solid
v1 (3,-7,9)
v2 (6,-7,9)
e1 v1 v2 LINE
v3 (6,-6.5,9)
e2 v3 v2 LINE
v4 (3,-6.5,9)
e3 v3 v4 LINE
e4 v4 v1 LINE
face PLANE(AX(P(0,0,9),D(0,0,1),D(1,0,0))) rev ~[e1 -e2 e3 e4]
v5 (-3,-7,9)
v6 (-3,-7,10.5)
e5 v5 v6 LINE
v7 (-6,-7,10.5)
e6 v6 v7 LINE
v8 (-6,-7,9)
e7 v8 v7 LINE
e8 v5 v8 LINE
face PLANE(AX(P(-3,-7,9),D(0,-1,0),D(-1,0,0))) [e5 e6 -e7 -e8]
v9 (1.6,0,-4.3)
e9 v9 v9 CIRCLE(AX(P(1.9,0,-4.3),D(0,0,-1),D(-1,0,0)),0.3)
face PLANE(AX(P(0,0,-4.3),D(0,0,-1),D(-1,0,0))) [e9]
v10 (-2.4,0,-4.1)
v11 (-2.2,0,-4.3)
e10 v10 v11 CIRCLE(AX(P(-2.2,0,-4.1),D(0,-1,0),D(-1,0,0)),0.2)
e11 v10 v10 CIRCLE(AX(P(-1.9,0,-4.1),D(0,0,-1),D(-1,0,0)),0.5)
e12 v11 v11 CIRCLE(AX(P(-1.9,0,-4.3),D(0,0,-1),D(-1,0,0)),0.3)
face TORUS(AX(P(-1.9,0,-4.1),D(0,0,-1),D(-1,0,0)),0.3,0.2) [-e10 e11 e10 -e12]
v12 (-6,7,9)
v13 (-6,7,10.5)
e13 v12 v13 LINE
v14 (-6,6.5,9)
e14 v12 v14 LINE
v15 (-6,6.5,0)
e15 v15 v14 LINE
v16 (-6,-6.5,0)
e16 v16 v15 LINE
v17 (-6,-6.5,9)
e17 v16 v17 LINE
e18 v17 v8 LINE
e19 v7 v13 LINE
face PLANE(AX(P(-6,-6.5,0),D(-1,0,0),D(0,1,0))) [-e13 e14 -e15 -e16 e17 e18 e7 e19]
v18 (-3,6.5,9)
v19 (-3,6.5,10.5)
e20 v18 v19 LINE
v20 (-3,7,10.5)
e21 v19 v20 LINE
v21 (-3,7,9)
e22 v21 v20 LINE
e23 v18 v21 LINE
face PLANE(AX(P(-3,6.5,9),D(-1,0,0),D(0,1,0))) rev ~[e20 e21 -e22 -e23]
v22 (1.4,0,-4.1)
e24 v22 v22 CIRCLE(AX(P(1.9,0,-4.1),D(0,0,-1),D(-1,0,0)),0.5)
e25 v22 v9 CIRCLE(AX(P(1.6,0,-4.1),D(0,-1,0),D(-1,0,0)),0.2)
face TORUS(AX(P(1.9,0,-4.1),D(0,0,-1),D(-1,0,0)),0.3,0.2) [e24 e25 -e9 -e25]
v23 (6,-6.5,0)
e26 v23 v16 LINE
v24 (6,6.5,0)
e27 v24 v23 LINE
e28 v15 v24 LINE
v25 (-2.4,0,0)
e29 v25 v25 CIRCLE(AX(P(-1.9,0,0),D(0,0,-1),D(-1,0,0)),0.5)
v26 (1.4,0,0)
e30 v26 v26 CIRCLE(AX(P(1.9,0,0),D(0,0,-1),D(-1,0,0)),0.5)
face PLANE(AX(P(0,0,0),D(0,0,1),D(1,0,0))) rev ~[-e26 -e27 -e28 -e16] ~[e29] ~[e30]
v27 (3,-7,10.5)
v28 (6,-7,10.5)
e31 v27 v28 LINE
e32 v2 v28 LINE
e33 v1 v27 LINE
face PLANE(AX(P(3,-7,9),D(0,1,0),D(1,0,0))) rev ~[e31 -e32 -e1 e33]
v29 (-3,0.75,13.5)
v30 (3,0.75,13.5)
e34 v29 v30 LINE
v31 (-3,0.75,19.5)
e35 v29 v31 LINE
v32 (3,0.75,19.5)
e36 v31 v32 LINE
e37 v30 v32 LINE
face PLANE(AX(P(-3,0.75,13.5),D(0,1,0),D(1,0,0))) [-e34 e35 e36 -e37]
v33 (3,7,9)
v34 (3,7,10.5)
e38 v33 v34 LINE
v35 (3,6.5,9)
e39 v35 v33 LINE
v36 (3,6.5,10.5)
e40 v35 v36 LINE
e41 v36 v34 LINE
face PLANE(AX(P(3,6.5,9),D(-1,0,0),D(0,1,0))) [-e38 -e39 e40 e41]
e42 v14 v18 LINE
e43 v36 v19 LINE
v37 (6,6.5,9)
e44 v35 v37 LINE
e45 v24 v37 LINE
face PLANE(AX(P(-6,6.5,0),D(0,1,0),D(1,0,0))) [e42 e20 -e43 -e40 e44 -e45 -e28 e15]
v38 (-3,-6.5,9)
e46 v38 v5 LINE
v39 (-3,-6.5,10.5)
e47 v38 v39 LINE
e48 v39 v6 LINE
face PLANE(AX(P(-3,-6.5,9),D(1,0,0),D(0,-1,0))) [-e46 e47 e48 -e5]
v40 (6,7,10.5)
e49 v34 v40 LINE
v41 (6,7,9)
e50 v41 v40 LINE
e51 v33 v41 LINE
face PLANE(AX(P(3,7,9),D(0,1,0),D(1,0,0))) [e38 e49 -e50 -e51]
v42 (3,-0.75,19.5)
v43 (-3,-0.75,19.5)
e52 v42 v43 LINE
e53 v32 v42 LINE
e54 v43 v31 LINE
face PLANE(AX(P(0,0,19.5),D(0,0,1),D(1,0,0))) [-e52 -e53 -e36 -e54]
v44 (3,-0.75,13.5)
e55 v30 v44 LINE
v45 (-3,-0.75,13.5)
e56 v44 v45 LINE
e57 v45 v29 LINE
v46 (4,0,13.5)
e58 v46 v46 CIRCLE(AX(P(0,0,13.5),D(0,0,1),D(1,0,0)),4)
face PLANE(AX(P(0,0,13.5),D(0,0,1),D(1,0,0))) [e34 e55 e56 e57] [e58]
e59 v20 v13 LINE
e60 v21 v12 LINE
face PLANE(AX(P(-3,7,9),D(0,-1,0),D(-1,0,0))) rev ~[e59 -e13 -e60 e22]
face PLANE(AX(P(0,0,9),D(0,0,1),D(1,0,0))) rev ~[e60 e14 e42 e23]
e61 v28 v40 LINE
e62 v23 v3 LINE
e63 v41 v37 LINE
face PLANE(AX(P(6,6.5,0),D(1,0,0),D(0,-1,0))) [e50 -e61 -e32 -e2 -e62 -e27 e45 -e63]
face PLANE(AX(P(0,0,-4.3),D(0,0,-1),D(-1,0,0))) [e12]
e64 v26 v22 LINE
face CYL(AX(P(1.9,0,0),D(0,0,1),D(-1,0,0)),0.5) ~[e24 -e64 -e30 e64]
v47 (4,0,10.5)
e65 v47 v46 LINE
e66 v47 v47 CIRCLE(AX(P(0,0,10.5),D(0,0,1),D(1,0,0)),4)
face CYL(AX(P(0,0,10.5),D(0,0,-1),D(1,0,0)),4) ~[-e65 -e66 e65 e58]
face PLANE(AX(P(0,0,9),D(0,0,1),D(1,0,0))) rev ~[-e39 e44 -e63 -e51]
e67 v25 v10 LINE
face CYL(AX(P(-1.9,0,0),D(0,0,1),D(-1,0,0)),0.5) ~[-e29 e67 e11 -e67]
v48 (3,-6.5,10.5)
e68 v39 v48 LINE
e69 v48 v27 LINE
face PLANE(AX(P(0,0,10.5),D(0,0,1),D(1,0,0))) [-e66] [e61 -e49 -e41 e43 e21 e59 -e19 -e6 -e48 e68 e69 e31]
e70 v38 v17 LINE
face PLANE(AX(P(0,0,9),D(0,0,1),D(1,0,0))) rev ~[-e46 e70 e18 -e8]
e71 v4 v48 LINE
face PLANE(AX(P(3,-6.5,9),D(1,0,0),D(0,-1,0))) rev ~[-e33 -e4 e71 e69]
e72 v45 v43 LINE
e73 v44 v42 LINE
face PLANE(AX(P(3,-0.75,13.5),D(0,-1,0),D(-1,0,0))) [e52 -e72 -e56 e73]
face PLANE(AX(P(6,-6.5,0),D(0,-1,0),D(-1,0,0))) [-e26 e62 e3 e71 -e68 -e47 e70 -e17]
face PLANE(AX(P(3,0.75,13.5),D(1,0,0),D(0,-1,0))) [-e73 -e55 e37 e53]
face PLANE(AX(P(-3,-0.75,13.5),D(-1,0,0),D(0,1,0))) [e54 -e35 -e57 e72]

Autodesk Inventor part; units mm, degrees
ref_plane "YZ Plane" through (0, 0, 0) normal (1, 0, 0) x (0, 1, 0)
ref_plane "XZ Plane" through (0, 0, 0) normal (0, 1, 0) x (-1, 0, 0)
ref_plane "XY Plane" through (0, 0, 0) normal (0, 0, 1) x (1, 0, 0)
sketch "Sketch1" plane through (0, 0, 0) normal (0, 0, 1) x (1, 0, 0)
  line L0 (-6, 6.5) -> (6, 6.5)
  line L1 (6, 6.5) -> (6, -6.5)
  line L2 (6, -6.5) -> (-6, -6.5)
  line L3 (-6, -6.5) -> (-6, 6.5)
  line L4 (-6, 6.5) -> (6, -6.5) construction
  line L5 (6, 6.5) -> (-6, -6.5) construction
  point P0 (0, 0)
  dimension "d0" = 12
  dimension "d1" = 13
extrude "Extrusion1" add sketch "Sketch1" along normal blind 9
sketch "Sketch2" plane through (0, 0, 9) normal (0, 0, 1) x (1, 0, 0)
  line L0 (-6, -6.5) -> (6, -6.5) projected
  line L1 (6, -6.5) -> (6, 6.5) projected
  line L2 (6, 6.5) -> (-6, 6.5) projected
  line L3 (-6, 6.5) -> (-6, -6.5) projected
  line L4 (6, 6.5) -> (-6, 6.5) projected
  line L5 (-6, 6.5) -> (-3, 6.5)
  line L6 (-3, 6.5) -> (-3, 7)
  line L7 (-3, 7) -> (-6, 7)
  line L8 (-6, 7) -> (-6, 6.5)
  line L9 (6, 6.5) -> (3, 6.5)
  line L10 (3, 6.5) -> (3, 7)
  line L11 (3, 7) -> (6, 7)
  line L12 (6, 7) -> (6, 6.5)
  line L13 (-6, -6.5) -> (6, -6.5) projected
  line L14 (6, -6.5) -> (3, -6.5)
  line L15 (3, -6.5) -> (3, -7)
  line L16 (3, -7) -> (6, -7)
  line L17 (6, -7) -> (6, -6.5)
  line L18 (-6, -6.5) -> (-3, -6.5)
  line L19 (-3, -6.5) -> (-3, -7)
  line L20 (-3, -7) -> (-6, -7)
  line L21 (-6, -7) -> (-6, -6.5)
  point P0 (0, 0)
  dimension "d4" = 3
  dimension "d5" = 0.5
extrude "Extrusion2" add sketch "Sketch2" along normal blind 1.5
sketch "Sketch3" plane through (0, 0, 10.5) normal (0, 0, 1) x (1, 0, 0)
  circle A0 centre (0, 0) radius 4
  dimension "d8" = 8
extrude "Extrusion3" add sketch "Sketch3" along normal blind 3
sketch "Sketch4" plane through (0, 0, 13.5) normal (0, 0, 1) x (1, 0, 0)
  line L0 (-3, 0.75) -> (3, 0.75)
  line L1 (3, 0.75) -> (3, -0.75)
  line L2 (3, -0.75) -> (-3, -0.75)
  line L3 (-3, -0.75) -> (-3, 0.75)
  line L4 (-3, 0.75) -> (3, -0.75) construction
  line L5 (3, 0.75) -> (-3, -0.75) construction
  point P0 (0, 0)
  dimension "d11" = 6
  dimension "d12" = 1.5
extrude "Extrusion4" add sketch "Sketch4" along normal blind 6
sketch "Sketch5" plane through (0, 0, 0) normal (0, 0, -1) x (-1, 0, 0)
  circle A0 centre (-1.9, 0) radius 0.5
  circle A1 centre (1.9, 0) radius 0.5
  point P0 (0, 0)
  dimension "d15" = 1
  dimension "d16" = 1
  dimension "d17" = 1.9
  dimension "d18" = 1.9
  dimension "d19" = 3.8
extrude "Extrusion5" add sketch "Sketch5" along normal blind 4.3
fillet "Fillet1" radius 0.2 2 edges at (2.4, 0, -4.3) (-1.4, 0, -4.3)
equation "\"d18\" = d17"
properties part number "KeyboardSwitch" material "ABS Plastic"
